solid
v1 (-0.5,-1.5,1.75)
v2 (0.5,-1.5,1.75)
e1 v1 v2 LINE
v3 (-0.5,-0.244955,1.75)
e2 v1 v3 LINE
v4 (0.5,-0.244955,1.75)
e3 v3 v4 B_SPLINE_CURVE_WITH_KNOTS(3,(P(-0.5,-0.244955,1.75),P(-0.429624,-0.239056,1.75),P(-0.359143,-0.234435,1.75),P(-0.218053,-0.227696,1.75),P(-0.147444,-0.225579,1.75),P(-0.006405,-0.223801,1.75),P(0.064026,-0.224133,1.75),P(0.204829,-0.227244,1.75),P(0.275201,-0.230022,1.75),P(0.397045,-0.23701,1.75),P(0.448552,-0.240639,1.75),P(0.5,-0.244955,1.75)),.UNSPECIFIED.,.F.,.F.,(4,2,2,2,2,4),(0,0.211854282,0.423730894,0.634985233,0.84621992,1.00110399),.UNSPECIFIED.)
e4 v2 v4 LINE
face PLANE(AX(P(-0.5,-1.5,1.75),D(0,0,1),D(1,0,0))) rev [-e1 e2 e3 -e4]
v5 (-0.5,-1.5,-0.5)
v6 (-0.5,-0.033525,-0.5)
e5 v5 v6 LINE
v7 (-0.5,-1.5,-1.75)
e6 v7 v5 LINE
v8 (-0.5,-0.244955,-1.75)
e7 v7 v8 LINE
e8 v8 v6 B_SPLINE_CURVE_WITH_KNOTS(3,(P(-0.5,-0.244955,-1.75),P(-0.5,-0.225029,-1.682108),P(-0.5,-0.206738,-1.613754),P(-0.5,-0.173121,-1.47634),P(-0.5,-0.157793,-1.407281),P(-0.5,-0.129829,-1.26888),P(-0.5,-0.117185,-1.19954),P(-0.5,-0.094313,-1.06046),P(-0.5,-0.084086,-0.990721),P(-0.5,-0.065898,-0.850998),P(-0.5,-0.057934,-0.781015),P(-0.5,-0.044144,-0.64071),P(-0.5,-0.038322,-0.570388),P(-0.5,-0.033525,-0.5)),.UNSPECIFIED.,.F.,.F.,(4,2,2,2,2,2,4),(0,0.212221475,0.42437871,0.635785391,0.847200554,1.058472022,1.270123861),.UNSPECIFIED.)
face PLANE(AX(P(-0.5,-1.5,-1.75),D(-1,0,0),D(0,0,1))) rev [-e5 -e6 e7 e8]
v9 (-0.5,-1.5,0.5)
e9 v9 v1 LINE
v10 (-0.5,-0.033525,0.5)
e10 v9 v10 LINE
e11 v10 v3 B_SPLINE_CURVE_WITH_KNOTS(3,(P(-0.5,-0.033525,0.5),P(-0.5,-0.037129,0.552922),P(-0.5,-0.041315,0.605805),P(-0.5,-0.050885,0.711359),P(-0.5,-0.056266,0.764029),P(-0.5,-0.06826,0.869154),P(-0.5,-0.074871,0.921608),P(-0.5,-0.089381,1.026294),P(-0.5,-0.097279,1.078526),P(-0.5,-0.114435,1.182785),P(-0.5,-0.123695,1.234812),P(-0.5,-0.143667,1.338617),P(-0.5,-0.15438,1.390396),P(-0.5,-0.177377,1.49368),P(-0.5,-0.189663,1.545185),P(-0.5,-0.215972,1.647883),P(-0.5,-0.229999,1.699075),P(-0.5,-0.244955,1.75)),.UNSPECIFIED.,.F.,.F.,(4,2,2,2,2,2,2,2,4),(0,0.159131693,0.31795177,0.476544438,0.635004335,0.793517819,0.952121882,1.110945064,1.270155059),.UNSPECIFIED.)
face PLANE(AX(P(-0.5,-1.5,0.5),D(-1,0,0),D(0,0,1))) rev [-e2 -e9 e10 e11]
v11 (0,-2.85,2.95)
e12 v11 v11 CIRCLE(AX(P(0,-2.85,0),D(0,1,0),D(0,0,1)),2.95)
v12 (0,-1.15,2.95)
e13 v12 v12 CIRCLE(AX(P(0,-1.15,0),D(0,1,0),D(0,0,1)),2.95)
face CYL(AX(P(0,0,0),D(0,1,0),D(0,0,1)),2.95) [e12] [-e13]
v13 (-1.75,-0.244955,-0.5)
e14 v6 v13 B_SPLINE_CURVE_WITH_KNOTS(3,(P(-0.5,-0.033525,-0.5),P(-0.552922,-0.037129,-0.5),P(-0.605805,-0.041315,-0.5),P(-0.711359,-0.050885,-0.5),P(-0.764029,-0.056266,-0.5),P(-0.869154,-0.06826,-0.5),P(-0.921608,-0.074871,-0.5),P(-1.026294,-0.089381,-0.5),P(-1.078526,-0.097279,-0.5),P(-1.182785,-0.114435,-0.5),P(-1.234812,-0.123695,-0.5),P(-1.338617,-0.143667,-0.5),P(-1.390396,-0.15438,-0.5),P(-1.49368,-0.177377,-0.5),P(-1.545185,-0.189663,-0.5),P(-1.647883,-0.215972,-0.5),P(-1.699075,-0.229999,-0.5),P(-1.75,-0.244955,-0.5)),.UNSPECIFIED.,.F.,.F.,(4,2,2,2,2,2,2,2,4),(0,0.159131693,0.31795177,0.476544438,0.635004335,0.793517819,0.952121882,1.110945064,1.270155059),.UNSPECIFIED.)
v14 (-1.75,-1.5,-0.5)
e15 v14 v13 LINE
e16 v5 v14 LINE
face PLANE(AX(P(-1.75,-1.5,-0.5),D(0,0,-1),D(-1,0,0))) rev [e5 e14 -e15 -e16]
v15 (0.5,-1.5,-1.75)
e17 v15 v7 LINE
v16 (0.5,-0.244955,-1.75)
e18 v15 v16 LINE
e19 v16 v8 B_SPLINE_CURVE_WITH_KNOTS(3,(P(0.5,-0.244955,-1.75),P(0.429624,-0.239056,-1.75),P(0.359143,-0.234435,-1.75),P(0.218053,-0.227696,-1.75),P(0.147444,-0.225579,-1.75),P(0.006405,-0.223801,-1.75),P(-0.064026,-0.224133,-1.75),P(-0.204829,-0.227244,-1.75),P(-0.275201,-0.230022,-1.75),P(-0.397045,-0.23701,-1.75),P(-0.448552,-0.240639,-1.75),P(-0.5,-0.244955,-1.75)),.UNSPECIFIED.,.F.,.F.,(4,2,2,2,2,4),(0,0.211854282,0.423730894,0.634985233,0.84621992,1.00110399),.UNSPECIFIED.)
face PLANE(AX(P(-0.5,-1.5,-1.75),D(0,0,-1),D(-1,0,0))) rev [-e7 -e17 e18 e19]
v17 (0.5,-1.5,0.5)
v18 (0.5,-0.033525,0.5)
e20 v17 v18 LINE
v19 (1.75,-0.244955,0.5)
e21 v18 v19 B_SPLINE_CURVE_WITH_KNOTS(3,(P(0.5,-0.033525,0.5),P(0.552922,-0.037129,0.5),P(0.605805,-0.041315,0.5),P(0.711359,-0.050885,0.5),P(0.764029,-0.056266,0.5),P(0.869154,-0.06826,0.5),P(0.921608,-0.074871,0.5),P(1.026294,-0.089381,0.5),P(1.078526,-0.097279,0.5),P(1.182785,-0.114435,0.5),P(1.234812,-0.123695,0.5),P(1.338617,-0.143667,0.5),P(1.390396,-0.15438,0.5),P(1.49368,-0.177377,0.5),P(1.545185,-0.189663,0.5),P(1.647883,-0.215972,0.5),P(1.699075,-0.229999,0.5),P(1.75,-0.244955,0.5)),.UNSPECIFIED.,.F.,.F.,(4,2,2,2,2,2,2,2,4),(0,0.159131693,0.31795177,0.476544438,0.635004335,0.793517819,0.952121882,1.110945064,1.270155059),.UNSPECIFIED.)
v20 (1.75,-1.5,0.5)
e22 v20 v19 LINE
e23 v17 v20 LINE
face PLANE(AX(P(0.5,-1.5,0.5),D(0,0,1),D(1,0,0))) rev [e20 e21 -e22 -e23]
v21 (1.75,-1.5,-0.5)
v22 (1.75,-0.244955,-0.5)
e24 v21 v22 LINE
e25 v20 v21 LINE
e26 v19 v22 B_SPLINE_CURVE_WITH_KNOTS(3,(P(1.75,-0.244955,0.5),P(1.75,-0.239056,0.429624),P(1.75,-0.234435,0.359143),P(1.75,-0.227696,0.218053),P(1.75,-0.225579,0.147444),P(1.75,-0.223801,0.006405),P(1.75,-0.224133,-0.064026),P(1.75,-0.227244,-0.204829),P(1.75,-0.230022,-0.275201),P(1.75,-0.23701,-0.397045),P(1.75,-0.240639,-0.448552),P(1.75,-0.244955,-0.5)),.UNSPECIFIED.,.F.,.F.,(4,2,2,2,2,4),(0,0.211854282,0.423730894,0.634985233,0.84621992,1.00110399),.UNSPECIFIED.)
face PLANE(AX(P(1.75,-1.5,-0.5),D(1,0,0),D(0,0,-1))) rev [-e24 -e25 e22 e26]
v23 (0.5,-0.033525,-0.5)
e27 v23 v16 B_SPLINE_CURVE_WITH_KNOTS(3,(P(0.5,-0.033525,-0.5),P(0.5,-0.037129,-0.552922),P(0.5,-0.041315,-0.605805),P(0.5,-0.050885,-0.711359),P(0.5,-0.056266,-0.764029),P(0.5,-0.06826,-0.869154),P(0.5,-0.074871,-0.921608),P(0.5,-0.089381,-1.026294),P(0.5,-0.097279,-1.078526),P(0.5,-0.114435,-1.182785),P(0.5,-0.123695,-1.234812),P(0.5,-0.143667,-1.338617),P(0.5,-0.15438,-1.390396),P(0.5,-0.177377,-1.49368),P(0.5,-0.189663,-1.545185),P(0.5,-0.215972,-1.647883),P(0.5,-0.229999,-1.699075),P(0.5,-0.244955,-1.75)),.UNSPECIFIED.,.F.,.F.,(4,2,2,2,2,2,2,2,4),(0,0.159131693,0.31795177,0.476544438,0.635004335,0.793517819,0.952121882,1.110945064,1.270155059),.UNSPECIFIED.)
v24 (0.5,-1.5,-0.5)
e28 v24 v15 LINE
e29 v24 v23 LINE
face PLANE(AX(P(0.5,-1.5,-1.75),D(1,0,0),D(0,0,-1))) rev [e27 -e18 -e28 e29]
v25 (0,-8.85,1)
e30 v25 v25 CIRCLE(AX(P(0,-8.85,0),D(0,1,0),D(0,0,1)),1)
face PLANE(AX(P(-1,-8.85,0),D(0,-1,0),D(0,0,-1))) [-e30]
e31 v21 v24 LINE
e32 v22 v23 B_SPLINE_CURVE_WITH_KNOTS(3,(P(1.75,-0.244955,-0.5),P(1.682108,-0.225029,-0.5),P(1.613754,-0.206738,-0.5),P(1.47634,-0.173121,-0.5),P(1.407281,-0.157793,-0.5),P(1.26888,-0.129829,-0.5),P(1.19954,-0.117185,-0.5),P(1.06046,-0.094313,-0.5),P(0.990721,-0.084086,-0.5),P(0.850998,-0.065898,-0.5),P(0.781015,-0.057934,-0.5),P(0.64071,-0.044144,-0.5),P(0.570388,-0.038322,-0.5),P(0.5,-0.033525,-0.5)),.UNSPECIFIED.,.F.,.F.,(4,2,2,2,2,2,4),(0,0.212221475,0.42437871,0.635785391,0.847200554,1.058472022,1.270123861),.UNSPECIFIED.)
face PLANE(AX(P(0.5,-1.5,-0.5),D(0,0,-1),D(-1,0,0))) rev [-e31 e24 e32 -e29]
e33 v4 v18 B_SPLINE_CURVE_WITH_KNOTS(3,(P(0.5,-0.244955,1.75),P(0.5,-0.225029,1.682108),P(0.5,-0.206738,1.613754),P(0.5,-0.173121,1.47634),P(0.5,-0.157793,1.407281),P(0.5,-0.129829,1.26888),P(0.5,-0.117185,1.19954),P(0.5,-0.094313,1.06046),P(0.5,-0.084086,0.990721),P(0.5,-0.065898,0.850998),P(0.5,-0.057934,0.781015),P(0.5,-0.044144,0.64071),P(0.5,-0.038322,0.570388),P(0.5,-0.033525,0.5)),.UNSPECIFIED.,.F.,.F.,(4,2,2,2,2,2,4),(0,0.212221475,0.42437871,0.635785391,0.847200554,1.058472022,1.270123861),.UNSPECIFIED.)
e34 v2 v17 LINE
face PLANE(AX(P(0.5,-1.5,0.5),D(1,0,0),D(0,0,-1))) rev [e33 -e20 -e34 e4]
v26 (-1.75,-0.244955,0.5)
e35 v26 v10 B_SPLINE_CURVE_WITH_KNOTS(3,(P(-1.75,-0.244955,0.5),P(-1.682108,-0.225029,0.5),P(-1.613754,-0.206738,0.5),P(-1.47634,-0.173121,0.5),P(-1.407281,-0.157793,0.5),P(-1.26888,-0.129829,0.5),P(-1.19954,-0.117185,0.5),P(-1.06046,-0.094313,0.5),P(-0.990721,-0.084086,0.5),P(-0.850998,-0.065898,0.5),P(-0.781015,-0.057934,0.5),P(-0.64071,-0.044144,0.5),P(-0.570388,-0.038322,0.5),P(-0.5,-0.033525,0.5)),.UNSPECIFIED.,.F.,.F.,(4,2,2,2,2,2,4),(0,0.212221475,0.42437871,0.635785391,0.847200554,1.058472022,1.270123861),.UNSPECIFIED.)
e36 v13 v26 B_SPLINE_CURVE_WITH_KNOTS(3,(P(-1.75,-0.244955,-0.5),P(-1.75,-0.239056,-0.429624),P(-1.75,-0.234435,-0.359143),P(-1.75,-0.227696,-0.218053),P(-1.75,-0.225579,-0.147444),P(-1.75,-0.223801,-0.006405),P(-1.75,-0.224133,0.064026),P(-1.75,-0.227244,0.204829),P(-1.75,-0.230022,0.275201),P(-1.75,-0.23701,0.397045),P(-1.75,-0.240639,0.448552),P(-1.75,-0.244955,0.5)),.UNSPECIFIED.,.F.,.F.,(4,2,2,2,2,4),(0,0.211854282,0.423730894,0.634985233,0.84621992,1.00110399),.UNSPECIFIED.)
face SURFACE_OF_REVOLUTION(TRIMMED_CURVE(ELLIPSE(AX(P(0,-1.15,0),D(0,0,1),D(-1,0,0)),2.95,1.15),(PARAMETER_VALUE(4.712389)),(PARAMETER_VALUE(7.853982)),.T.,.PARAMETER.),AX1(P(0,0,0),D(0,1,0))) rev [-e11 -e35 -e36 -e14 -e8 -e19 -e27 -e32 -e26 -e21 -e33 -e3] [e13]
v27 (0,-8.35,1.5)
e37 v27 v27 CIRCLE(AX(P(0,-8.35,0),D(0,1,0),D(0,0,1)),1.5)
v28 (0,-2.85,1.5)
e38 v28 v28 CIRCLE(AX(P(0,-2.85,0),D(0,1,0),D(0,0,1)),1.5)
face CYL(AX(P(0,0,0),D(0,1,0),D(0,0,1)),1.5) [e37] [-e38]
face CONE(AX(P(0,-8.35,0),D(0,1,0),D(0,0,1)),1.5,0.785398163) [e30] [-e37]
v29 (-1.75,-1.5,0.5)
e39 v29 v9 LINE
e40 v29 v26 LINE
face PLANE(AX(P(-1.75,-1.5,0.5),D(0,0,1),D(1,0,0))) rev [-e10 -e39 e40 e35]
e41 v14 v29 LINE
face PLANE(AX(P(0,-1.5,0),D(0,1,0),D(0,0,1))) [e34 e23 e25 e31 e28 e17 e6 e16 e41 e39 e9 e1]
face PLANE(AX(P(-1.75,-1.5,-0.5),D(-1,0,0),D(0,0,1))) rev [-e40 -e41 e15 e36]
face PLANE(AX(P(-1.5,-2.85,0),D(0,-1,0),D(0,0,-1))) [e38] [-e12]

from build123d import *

# Parameters (mm, degrees)
CUT_EXTRUDE1_DEPTH = 1.5


with BuildPart() as part:
    # Sketch1 → Revolve1 (revolve)
    with BuildSketch(Plane.XY, mode=Mode.PRIVATE) as revolve1_sk:
        with BuildLine():
            Line((-1.5, -2.85), (-1.5, -8.35))
            Line((-1.5, -8.35), (-1, -8.85))
            Line((-1, -8.85), (0, -8.85))
            Line((0, -8.85), (0, 0))
            add(Edge.make_bspline(
                [(0, 0), (-2.95, 0), (-2.95, -1.15)],
                knots=[4.71238898, 4.71238898, 4.71238898, 6.283185307, 6.283185307, 6.283185307], degree=2, weights=[1, 0.707106781, 1]))
            Line((-2.95, -1.15), (-2.95, -2.85))
            Line((-2.95, -2.85), (-1.5, -2.85))
        make_face()
    revolve(revolve1_sk.sketch.rotate(Axis((0, 0, 0), (0, -1, 0)), 270), axis=Axis((0, 0, 0), (0, -1, 0)))

    # Sketch2 → Cut-Extrude1 (cut)
    with BuildSketch(Plane(origin=(0, 0, 0), x_dir=(1, 0, 0), z_dir=(0, 1, 0))):
        Polygon((-1.75, 0.5), (-0.5, 0.5), (-0.5, 1.75), (0.5, 1.75), (0.5, 0.5), (1.75, 0.5), (1.75, -0.5), (0.5, -0.5), (0.5, -1.75), (-0.5, -1.75), (-0.5, -0.5), (-1.75, -0.5), align=None)
    extrude(amount=-CUT_EXTRUDE1_DEPTH, mode=Mode.SUBTRACT)


solid = part.part
